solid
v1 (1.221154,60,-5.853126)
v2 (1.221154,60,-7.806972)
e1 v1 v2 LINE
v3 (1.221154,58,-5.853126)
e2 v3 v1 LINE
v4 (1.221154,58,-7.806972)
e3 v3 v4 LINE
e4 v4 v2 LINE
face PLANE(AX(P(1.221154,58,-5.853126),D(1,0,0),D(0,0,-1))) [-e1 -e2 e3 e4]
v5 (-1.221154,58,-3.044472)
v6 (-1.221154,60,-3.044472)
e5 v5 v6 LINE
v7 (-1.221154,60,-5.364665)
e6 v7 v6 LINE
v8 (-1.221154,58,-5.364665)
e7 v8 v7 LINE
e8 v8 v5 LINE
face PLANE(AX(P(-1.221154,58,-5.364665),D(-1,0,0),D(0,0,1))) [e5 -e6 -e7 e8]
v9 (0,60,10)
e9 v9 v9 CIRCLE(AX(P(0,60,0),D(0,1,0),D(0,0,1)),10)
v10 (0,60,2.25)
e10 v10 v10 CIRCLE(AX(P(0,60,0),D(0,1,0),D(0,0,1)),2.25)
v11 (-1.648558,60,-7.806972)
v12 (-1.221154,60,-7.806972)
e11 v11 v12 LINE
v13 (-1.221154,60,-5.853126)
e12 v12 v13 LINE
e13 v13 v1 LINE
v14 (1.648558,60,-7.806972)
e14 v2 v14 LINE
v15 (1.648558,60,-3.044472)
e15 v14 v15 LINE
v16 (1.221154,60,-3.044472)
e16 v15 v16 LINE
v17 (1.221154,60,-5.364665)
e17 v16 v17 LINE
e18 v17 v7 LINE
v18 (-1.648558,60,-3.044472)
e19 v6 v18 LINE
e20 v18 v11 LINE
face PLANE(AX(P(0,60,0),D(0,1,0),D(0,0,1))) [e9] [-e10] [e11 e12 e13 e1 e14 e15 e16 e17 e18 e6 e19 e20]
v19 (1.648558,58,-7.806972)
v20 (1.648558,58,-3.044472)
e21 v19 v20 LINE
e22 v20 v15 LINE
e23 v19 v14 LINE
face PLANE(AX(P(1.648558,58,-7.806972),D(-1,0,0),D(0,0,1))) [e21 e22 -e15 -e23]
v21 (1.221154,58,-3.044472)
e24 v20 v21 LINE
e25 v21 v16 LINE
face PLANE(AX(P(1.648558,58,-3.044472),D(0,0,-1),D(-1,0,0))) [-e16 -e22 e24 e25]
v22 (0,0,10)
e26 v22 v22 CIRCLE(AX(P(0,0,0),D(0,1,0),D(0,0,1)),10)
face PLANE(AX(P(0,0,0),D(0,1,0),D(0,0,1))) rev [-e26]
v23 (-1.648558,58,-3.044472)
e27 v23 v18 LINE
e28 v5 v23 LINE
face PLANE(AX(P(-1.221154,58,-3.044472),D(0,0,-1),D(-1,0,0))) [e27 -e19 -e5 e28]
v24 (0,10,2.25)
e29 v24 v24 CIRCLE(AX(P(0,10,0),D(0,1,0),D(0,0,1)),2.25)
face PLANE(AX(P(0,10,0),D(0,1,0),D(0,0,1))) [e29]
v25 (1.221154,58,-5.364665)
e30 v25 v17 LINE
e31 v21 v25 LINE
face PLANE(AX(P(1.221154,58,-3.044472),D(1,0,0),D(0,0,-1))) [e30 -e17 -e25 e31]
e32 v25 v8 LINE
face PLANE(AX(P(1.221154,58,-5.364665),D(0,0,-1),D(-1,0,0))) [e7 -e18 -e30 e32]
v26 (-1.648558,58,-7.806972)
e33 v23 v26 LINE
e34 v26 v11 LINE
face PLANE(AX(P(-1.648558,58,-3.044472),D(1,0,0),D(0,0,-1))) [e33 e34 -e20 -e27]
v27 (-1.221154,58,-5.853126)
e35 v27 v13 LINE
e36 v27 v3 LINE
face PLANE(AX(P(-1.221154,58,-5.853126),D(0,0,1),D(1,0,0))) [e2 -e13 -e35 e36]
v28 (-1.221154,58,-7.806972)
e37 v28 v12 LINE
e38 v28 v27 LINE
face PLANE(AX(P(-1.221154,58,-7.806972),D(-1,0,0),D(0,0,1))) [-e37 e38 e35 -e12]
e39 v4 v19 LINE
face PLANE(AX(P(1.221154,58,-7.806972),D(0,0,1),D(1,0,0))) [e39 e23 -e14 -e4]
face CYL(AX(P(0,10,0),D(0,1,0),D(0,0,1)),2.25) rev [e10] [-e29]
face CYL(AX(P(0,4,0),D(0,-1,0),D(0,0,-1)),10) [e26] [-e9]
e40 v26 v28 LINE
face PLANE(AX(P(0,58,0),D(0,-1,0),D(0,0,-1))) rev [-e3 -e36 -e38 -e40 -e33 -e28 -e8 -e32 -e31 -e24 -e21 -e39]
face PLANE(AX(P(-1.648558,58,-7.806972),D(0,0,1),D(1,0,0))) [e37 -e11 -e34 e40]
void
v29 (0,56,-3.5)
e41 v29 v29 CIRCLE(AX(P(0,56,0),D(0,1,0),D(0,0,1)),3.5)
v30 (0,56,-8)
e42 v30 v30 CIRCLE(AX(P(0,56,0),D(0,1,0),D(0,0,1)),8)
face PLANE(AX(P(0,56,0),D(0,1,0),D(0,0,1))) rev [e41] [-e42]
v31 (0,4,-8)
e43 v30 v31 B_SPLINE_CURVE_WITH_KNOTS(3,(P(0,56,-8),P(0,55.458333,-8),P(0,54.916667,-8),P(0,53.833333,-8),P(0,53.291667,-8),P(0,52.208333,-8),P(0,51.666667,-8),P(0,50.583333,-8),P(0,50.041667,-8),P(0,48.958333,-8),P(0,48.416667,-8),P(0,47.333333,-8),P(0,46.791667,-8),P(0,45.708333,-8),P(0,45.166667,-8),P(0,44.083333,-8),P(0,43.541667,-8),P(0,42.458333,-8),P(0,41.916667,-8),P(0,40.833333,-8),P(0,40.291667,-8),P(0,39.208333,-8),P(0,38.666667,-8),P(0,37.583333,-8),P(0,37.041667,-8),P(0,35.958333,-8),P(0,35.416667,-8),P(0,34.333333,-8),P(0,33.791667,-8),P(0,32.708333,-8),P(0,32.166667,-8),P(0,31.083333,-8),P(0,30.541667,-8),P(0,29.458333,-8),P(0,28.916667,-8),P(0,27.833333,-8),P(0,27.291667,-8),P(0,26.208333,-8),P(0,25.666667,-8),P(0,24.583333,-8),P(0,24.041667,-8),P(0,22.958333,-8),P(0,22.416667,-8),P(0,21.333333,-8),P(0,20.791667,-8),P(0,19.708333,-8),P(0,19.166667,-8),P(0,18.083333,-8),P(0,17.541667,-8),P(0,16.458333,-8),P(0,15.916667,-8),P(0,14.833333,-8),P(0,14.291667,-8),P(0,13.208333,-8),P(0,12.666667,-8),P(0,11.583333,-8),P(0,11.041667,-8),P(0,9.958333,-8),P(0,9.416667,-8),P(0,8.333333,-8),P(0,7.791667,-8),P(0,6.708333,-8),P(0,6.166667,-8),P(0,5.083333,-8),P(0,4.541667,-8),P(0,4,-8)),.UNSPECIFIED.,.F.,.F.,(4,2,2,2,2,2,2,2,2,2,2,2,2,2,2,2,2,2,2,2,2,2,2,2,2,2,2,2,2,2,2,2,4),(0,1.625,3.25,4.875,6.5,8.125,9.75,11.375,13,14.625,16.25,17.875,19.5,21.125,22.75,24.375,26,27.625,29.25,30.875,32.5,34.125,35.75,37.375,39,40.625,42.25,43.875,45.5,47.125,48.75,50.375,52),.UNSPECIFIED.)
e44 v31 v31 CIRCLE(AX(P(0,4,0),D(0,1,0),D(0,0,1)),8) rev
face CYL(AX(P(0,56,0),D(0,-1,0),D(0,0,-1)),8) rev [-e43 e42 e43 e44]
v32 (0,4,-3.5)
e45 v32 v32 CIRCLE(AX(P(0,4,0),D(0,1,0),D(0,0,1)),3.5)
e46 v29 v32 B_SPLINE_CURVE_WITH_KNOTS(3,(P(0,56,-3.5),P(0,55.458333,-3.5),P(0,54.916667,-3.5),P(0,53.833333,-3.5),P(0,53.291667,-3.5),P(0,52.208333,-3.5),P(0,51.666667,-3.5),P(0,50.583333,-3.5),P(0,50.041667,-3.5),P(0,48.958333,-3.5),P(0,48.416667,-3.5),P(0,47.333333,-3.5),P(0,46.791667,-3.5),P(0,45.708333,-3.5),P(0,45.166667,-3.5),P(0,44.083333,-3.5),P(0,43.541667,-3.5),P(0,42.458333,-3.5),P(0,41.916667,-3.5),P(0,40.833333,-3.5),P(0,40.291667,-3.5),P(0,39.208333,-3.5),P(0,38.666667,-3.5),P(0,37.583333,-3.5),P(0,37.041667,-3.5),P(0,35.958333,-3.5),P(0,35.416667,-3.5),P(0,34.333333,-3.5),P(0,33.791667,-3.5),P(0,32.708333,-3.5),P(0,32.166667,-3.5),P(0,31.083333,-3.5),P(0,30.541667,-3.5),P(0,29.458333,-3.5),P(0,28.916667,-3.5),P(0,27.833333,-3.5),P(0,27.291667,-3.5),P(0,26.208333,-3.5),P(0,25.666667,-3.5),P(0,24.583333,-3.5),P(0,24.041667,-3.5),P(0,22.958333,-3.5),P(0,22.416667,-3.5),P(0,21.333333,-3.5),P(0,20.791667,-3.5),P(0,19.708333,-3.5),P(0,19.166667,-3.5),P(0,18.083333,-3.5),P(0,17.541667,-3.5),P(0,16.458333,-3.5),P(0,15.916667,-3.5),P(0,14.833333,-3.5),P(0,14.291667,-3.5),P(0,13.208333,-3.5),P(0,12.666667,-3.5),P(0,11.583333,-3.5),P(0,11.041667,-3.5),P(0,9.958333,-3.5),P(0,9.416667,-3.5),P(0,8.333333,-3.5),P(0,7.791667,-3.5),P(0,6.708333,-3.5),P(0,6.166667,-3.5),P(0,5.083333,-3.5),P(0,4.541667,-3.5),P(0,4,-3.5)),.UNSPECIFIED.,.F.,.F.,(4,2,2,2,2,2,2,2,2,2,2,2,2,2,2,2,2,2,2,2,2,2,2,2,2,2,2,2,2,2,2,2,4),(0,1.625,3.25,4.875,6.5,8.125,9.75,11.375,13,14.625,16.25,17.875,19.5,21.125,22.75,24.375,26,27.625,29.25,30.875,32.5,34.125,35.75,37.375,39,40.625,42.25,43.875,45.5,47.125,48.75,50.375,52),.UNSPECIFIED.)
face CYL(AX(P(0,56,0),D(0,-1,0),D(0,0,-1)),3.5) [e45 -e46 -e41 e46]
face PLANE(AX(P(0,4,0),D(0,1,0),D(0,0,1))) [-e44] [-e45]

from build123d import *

# Parameters (mm, degrees)
SKETCH1_R           = 10
BOSS_EXTRUDE1_DEPTH = 4
SKETCH2_R           = 10
SKETCH2_R_2         = 8
SKETCH2_R_3         = 3.5
BOSS_EXTRUDE2_DEPTH = 52
SKETCH3_R           = 10
BOSS_EXTRUDE3_DEPTH = 4
CUT_EXTRUDE1_DEPTH  = 2
SKETCH5_R           = 2.25
CUT_EXTRUDE2_DEPTH  = 50


with BuildPart() as part:
    # Sketch1 → Boss-Extrude1 (new body)
    with BuildSketch(Plane(origin=(0, 0, 0), x_dir=(1, 0, 0), z_dir=(0, 1, 0))):
        with Locations(Location((0, 0, 0), (0, 0, 270))):
            Circle(SKETCH1_R)
    extrude(amount=BOSS_EXTRUDE1_DEPTH)

    # Sketch2 → Boss-Extrude2 (add)
    # profile 1 of 2: a face of its own
    with BuildSketch(Plane(origin=(0, 4, 0), x_dir=(1, 0, 0), z_dir=(0, 1, 0))):
        with Locations(Location((0, 0, 0), (0, 0, 270))):
            Circle(SKETCH2_R)
        with Locations(Location((0, 0, 0), (0, 0, 90))):
            Circle(SKETCH2_R_2, mode=Mode.SUBTRACT)
    # profile 2 of 2: a face of its own
    with BuildSketch(Plane(origin=(0, 4, 0), x_dir=(1, 0, 0), z_dir=(0, 1, 0))):
        with Locations(Location((0, 0, 0), (0, 0, 90))):
            Circle(SKETCH2_R_3)
    extrude(amount=BOSS_EXTRUDE2_DEPTH)

    # Sketch3 → Boss-Extrude3 (add)
    with BuildSketch(Plane(origin=(0, 56, 0), x_dir=(1, 0, 0), z_dir=(0, 1, 0))):
        with Locations(Location((0, 0, 0), (0, 0, 270))):
            Circle(SKETCH3_R)
    extrude(amount=BOSS_EXTRUDE3_DEPTH)

    # Sketch4 → Cut-Extrude1 (cut)
    with BuildSketch(Plane(origin=(0, 60, 0), x_dir=(1, 0, 0), z_dir=(0, 1, 0))):
        Polygon((-1.648557692, 7.80697224), (-1.221153846, 7.80697224), (-1.221153846, 5.853126086), (1.221153846, 5.853126086), (1.221153846, 7.80697224), (1.648557692, 7.80697224), (1.648557692, 3.04447224), (1.221153846, 3.04447224), (1.221153846, 5.364664548), (-1.221153846, 5.364664548), (-1.221153846, 3.04447224), (-1.648557692, 3.04447224), align=None)
    extrude(amount=-CUT_EXTRUDE1_DEPTH, mode=Mode.SUBTRACT)

    # Sketch5 → Cut-Extrude2 (cut)
    with BuildSketch(Plane(origin=(0, 60, 0), x_dir=(1, 0, 0), z_dir=(0, 1, 0))):
        with Locations(Location((0, 0, 0), (0, 0, 270))):
            Circle(SKETCH5_R)
    extrude(amount=-CUT_EXTRUDE2_DEPTH, mode=Mode.SUBTRACT)


solid = part.part
